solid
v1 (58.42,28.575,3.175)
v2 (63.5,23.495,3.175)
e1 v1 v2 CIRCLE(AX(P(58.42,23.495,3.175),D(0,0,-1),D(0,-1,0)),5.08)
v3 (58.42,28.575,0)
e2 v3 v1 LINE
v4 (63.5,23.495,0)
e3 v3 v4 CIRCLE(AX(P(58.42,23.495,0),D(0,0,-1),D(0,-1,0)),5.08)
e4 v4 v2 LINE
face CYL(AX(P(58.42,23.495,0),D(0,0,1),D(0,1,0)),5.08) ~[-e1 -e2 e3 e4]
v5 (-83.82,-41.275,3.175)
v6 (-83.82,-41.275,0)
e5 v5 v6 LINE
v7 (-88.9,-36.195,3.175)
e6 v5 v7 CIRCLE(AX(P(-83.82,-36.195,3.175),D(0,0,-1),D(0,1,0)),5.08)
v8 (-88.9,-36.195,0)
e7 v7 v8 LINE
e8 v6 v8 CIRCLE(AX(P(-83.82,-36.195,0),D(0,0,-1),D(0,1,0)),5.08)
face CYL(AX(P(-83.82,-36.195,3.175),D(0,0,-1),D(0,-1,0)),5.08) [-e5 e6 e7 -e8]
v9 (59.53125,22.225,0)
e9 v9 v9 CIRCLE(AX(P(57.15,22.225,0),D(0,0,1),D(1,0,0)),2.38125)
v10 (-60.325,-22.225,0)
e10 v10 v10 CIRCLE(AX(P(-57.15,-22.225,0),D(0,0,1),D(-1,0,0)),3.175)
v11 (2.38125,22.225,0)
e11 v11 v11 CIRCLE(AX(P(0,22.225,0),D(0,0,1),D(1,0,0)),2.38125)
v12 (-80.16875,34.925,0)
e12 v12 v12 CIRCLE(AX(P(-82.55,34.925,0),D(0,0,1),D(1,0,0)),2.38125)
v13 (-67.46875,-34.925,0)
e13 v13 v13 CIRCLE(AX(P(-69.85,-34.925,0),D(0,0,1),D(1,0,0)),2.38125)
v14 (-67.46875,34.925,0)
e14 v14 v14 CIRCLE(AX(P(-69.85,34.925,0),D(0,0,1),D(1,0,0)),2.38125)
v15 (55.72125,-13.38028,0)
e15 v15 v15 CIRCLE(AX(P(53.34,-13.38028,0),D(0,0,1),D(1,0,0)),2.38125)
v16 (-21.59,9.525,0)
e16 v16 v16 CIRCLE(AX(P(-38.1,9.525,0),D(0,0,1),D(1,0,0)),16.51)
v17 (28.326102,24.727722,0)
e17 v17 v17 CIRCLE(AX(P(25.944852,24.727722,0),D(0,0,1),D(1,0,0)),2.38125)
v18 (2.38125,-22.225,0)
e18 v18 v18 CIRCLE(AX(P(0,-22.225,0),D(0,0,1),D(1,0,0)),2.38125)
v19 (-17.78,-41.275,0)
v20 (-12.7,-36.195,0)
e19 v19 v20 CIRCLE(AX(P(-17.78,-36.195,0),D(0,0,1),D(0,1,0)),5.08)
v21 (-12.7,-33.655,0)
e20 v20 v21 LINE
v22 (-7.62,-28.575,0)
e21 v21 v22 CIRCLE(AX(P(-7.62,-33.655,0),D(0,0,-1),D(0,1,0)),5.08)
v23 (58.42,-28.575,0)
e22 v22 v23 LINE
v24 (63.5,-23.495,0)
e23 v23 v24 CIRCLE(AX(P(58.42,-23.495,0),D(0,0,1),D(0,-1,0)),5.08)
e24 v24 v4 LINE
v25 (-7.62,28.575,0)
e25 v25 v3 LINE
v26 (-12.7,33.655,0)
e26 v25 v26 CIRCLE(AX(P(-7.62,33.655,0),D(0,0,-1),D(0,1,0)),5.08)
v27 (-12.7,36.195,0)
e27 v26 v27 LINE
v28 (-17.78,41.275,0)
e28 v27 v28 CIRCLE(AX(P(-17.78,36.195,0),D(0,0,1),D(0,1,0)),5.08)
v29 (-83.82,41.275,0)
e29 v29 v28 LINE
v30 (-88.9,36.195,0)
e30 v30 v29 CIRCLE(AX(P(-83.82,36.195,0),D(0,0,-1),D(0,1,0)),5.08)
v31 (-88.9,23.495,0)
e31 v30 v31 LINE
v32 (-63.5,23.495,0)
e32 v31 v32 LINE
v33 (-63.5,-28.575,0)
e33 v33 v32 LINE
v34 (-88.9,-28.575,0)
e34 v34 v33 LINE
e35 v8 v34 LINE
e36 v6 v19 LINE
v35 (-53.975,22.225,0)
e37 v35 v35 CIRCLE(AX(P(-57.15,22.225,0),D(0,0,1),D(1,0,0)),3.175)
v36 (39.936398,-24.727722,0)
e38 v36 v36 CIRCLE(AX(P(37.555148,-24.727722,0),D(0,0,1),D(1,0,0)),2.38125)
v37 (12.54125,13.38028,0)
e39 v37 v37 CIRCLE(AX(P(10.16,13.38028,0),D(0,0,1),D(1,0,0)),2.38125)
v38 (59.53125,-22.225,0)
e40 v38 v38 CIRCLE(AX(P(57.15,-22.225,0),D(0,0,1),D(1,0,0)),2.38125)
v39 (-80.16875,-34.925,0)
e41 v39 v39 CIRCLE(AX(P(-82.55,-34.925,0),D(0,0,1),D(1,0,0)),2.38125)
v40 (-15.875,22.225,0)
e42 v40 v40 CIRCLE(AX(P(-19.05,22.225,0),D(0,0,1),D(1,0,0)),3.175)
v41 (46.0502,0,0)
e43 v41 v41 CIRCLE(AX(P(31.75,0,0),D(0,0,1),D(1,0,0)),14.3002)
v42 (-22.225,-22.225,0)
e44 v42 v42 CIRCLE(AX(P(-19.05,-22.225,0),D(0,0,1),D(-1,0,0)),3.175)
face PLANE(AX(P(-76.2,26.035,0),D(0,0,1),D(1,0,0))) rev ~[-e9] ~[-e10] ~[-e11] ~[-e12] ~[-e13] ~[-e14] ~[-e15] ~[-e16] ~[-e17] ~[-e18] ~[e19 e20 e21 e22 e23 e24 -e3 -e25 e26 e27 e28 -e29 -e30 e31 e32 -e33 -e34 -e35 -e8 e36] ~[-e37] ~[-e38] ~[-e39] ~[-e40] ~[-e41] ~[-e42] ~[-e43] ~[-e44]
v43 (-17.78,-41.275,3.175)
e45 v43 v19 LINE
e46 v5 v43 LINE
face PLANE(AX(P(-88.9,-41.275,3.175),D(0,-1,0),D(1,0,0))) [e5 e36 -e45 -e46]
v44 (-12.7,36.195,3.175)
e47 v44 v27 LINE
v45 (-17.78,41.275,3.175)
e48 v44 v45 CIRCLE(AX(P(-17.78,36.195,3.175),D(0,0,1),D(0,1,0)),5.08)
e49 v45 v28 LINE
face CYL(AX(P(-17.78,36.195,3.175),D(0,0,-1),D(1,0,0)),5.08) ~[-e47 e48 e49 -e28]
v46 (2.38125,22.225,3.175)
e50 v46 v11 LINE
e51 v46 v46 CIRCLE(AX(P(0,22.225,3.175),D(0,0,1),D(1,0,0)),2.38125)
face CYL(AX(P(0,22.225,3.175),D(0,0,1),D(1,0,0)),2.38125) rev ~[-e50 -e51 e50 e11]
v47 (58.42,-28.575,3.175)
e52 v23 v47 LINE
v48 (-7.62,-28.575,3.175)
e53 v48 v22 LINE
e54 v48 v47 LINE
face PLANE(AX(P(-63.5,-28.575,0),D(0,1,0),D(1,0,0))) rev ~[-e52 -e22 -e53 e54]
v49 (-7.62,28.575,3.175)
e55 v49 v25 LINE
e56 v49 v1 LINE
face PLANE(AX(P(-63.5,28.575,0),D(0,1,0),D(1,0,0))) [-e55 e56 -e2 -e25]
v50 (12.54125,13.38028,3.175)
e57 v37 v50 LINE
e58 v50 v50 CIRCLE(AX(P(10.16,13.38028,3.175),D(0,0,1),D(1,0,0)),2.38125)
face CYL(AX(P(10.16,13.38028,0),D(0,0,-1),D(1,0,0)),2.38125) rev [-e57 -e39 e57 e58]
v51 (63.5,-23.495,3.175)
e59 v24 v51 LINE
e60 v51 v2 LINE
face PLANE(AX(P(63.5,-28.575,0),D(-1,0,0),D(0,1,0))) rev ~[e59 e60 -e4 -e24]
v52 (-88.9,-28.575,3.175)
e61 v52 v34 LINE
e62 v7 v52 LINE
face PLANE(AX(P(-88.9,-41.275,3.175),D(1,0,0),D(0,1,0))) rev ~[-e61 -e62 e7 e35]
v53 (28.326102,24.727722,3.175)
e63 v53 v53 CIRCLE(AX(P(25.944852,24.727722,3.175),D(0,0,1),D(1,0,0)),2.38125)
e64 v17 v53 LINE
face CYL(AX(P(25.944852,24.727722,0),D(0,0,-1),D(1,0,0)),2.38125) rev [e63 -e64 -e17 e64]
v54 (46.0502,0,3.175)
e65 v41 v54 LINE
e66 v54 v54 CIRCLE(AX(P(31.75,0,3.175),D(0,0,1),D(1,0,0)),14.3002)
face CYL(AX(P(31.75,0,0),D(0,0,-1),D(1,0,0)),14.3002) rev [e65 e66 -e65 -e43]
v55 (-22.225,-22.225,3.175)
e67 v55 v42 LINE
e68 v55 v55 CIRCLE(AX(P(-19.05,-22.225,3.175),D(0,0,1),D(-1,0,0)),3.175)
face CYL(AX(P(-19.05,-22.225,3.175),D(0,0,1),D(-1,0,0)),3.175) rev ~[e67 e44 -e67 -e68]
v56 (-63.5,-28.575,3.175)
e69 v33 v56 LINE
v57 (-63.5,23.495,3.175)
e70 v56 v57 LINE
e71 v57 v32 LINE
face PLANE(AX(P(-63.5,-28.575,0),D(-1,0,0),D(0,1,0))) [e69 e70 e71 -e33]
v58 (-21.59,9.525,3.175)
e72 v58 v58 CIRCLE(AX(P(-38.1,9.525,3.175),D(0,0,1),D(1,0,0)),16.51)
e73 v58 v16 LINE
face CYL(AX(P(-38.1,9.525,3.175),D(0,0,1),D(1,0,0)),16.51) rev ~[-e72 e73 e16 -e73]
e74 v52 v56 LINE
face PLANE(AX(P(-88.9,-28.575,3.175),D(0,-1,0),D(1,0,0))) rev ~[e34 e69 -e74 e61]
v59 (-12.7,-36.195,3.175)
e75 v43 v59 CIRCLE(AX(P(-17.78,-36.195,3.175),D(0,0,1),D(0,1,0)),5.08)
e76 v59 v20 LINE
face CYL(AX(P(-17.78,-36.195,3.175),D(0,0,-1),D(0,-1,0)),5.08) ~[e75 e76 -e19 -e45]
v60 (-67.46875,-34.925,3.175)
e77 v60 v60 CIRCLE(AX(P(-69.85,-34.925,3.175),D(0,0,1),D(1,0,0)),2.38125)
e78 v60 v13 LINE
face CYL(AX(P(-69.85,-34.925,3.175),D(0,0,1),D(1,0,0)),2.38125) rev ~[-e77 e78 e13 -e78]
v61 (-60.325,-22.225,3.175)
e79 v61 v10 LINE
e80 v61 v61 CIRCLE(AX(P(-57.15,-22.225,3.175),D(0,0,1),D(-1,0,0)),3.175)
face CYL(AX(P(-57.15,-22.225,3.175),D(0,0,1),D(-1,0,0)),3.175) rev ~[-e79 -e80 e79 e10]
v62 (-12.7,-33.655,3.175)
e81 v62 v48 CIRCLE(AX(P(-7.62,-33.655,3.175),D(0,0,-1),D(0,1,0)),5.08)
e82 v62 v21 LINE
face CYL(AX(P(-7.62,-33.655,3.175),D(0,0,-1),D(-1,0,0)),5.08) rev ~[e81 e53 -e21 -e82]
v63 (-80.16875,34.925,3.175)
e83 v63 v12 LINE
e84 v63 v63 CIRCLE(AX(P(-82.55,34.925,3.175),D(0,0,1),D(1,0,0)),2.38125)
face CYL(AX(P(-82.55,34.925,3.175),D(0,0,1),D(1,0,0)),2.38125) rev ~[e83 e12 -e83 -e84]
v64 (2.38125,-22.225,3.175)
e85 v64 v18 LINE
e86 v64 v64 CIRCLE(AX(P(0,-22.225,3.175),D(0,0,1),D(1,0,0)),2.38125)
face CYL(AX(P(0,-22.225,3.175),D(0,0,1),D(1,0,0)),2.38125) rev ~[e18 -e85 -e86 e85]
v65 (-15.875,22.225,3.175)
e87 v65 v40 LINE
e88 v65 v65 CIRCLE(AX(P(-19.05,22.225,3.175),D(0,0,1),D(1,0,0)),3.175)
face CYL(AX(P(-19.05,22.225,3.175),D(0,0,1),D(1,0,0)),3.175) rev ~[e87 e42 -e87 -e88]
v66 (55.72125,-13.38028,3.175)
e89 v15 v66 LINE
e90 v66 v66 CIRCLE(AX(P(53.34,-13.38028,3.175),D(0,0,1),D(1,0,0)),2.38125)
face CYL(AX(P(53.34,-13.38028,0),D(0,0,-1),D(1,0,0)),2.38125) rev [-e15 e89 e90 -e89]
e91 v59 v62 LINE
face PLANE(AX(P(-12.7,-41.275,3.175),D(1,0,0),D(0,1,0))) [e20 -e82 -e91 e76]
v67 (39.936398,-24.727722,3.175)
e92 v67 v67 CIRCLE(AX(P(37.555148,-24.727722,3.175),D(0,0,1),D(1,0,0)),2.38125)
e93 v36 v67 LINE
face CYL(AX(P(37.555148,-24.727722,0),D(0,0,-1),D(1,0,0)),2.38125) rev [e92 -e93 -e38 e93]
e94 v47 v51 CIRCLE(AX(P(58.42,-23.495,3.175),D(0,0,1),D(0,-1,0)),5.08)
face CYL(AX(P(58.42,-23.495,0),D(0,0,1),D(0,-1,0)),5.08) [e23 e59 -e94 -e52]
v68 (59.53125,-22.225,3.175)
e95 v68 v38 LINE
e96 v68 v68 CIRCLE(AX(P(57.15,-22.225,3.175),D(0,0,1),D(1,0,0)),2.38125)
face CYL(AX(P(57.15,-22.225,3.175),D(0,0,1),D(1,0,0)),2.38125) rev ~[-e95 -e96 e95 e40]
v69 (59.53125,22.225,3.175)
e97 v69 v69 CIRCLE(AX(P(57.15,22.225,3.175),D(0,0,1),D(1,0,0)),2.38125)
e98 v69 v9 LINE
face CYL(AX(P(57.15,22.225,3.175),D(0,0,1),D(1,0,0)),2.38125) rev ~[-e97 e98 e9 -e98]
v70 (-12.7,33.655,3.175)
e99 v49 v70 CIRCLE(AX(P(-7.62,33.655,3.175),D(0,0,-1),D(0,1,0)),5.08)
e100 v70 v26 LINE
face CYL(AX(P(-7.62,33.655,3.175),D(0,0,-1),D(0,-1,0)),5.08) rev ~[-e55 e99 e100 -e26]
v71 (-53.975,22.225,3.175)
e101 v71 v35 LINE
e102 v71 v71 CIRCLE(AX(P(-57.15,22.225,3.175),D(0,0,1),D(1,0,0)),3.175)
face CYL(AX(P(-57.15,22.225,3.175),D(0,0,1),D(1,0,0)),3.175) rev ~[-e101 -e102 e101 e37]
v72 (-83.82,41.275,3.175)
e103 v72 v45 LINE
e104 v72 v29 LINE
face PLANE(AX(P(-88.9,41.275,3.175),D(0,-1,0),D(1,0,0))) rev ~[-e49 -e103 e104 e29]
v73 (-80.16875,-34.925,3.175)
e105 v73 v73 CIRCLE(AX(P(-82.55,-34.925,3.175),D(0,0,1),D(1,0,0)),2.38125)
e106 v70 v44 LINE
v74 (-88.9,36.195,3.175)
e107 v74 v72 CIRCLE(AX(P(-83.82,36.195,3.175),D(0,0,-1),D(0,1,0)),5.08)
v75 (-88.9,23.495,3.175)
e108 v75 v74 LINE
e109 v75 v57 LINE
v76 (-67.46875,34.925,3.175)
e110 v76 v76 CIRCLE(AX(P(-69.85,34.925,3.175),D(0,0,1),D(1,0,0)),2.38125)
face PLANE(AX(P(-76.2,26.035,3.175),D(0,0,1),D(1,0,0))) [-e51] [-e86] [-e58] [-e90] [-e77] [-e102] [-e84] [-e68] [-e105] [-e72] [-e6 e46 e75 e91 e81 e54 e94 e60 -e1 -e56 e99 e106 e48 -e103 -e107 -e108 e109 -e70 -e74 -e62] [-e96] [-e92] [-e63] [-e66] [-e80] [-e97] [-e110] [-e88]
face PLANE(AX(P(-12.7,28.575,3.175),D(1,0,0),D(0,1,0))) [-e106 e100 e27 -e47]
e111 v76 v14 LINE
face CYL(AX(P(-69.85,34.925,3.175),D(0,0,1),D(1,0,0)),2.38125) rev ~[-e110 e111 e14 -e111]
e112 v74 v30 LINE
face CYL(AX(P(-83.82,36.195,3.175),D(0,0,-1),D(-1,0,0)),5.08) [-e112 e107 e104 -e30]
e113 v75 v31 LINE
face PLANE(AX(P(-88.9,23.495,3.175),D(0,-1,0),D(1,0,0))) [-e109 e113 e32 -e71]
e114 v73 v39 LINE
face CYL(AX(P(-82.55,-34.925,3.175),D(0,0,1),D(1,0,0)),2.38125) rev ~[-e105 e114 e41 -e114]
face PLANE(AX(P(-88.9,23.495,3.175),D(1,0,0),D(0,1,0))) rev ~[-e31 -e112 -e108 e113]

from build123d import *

# Parameters (mm, degrees)
SKETCH1_W           = 127
SKETCH1_H           = 57.15
SKETCH1_R           = 14.3002
SKETCH1_R_2         = 2.38125
BOSS_EXTRUDE1_DEPTH = 3.175
SKETCH2_R           = 2.38125
CUT_EXTRUDE1_DEPTH  = 3.175
FILLET1_R           = 5.08
SKETCH3_R           = 3.175
CUT_EXTRUDE2_DEPTH  = 3.175
SKETCH4_R           = 16.51
CUT_EXTRUDE3_DEPTH  = 7.62
SKETCH5_W           = 76.2
SKETCH5_H           = 12.7
BOSS_EXTRUDE2_DEPTH = 3.175
FILLET2_R           = 5.08
SKETCH6_W           = 25.4
SKETCH6_H           = 5.08
BOSS_EXTRUDE3_DEPTH = 3.175
FILLET3_R           = 5.08
SKETCH7_R           = 2.38125
CUT_EXTRUDE4_DEPTH  = 3.175


with BuildPart() as part:
    # Sketch1 → Boss-Extrude1 (new body)
    with BuildSketch(Plane.XY):
        Rectangle(SKETCH1_W, SKETCH1_H)
        with Locations((31.75, 0)):
            Circle(SKETCH1_R, mode=Mode.SUBTRACT)
        with Locations((37.555148495, -24.727722316)):
            Circle(SKETCH1_R_2, mode=Mode.SUBTRACT)
        with Locations((10.16, 13.380280266)):
            Circle(SKETCH1_R_2, mode=Mode.SUBTRACT)
        with Locations((25.944851505, 24.727722316)):
            Circle(SKETCH1_R_2, mode=Mode.SUBTRACT)
        with Locations((53.34, -13.380280266)):
            Circle(SKETCH1_R_2, mode=Mode.SUBTRACT)
    extrude(amount=BOSS_EXTRUDE1_DEPTH)

    # Sketch2 → Cut-Extrude1 (cut)
    with BuildSketch(Plane.XY.offset(3.175)):
        with Locations((57.15, 22.225)):
            Circle(SKETCH2_R)
        with Locations((57.15, -22.225)):
            Circle(SKETCH2_R)
        with Locations((0, 22.225)):
            Circle(SKETCH2_R)
        with Locations((0, -22.225)):
            Circle(SKETCH2_R)
    extrude(amount=-CUT_EXTRUDE1_DEPTH, mode=Mode.SUBTRACT)

    # Fillet1
    fillet1_edges = [part.edges().sort_by_distance(p)[0] for p in [
        (63.5, -28.575, 1.5875),
        (63.5, 28.575, 1.5875),
    ]]
    fillet(fillet1_edges, radius=FILLET1_R)

    # Sketch3 → Cut-Extrude2 (cut)
    with BuildSketch(Plane.XY.offset(3.175)):
        with Locations((-57.15, 22.225)):
            Circle(SKETCH3_R)
        with Locations((-19.05, 22.225)):
            Circle(SKETCH3_R)
        with Locations(Location((-19.05, -22.225, 0), (0, 0, 180))):
            Circle(SKETCH3_R)
        with Locations(Location((-57.15, -22.225, 0), (0, 0, 180))):
            Circle(SKETCH3_R)
    extrude(amount=-CUT_EXTRUDE2_DEPTH, mode=Mode.SUBTRACT)

    # Sketch4 → Cut-Extrude3 (cut)
    with BuildSketch(Plane.XY.offset(3.175)):
        with Locations((-38.1, 9.525)):
            Circle(SKETCH4_R)
    extrude(amount=-CUT_EXTRUDE3_DEPTH, mode=Mode.SUBTRACT)

    # Sketch5 → Boss-Extrude2 (add)
    with BuildSketch(Plane.XY.offset(3.175)):
        with Locations((-50.8, -34.925)):
            Rectangle(SKETCH5_W, SKETCH5_H)
        with Locations((-50.8, 34.925)):
            Rectangle(SKETCH5_W, SKETCH5_H)
    extrude(amount=-BOSS_EXTRUDE2_DEPTH)

    # Fillet2
    fillet2_edges = [part.edges().sort_by_distance(p)[0] for p in [
        (-12.7, 41.275, 1.5875),
        (-12.7, 28.575, 1.5875),
        (-12.7, -28.575, 1.5875),
        (-12.7, -41.275, 1.5875),
    ]]
    fillet(fillet2_edges, radius=FILLET2_R)

    # Sketch6 → Boss-Extrude3 (add)
    with BuildSketch(Plane.XY.offset(3.175)):
        with Locations((-76.2, 26.035)):
            Rectangle(SKETCH6_W, SKETCH6_H)
    extrude(amount=-BOSS_EXTRUDE3_DEPTH)

    # Fillet3
    fillet3_edges = [part.edges().sort_by_distance(p)[0] for p in [
        (-88.9, 41.275, 1.5875),
        (-88.9, -41.275, 1.5875),
    ]]
    fillet(fillet3_edges, radius=FILLET3_R)

    # Sketch7 → Cut-Extrude4 (cut)
    with BuildSketch(Plane.XY.offset(3.175)):
        with Locations((-82.55, 34.925)):
            Circle(SKETCH7_R)
        with Locations((-82.55, -34.925)):
            Circle(SKETCH7_R)
        with Locations((-69.85, 34.925)):
            Circle(SKETCH7_R)
        with Locations((-69.85, -34.925)):
            Circle(SKETCH7_R)
    extrude(amount=-CUT_EXTRUDE4_DEPTH, mode=Mode.SUBTRACT)


solid = part.part
